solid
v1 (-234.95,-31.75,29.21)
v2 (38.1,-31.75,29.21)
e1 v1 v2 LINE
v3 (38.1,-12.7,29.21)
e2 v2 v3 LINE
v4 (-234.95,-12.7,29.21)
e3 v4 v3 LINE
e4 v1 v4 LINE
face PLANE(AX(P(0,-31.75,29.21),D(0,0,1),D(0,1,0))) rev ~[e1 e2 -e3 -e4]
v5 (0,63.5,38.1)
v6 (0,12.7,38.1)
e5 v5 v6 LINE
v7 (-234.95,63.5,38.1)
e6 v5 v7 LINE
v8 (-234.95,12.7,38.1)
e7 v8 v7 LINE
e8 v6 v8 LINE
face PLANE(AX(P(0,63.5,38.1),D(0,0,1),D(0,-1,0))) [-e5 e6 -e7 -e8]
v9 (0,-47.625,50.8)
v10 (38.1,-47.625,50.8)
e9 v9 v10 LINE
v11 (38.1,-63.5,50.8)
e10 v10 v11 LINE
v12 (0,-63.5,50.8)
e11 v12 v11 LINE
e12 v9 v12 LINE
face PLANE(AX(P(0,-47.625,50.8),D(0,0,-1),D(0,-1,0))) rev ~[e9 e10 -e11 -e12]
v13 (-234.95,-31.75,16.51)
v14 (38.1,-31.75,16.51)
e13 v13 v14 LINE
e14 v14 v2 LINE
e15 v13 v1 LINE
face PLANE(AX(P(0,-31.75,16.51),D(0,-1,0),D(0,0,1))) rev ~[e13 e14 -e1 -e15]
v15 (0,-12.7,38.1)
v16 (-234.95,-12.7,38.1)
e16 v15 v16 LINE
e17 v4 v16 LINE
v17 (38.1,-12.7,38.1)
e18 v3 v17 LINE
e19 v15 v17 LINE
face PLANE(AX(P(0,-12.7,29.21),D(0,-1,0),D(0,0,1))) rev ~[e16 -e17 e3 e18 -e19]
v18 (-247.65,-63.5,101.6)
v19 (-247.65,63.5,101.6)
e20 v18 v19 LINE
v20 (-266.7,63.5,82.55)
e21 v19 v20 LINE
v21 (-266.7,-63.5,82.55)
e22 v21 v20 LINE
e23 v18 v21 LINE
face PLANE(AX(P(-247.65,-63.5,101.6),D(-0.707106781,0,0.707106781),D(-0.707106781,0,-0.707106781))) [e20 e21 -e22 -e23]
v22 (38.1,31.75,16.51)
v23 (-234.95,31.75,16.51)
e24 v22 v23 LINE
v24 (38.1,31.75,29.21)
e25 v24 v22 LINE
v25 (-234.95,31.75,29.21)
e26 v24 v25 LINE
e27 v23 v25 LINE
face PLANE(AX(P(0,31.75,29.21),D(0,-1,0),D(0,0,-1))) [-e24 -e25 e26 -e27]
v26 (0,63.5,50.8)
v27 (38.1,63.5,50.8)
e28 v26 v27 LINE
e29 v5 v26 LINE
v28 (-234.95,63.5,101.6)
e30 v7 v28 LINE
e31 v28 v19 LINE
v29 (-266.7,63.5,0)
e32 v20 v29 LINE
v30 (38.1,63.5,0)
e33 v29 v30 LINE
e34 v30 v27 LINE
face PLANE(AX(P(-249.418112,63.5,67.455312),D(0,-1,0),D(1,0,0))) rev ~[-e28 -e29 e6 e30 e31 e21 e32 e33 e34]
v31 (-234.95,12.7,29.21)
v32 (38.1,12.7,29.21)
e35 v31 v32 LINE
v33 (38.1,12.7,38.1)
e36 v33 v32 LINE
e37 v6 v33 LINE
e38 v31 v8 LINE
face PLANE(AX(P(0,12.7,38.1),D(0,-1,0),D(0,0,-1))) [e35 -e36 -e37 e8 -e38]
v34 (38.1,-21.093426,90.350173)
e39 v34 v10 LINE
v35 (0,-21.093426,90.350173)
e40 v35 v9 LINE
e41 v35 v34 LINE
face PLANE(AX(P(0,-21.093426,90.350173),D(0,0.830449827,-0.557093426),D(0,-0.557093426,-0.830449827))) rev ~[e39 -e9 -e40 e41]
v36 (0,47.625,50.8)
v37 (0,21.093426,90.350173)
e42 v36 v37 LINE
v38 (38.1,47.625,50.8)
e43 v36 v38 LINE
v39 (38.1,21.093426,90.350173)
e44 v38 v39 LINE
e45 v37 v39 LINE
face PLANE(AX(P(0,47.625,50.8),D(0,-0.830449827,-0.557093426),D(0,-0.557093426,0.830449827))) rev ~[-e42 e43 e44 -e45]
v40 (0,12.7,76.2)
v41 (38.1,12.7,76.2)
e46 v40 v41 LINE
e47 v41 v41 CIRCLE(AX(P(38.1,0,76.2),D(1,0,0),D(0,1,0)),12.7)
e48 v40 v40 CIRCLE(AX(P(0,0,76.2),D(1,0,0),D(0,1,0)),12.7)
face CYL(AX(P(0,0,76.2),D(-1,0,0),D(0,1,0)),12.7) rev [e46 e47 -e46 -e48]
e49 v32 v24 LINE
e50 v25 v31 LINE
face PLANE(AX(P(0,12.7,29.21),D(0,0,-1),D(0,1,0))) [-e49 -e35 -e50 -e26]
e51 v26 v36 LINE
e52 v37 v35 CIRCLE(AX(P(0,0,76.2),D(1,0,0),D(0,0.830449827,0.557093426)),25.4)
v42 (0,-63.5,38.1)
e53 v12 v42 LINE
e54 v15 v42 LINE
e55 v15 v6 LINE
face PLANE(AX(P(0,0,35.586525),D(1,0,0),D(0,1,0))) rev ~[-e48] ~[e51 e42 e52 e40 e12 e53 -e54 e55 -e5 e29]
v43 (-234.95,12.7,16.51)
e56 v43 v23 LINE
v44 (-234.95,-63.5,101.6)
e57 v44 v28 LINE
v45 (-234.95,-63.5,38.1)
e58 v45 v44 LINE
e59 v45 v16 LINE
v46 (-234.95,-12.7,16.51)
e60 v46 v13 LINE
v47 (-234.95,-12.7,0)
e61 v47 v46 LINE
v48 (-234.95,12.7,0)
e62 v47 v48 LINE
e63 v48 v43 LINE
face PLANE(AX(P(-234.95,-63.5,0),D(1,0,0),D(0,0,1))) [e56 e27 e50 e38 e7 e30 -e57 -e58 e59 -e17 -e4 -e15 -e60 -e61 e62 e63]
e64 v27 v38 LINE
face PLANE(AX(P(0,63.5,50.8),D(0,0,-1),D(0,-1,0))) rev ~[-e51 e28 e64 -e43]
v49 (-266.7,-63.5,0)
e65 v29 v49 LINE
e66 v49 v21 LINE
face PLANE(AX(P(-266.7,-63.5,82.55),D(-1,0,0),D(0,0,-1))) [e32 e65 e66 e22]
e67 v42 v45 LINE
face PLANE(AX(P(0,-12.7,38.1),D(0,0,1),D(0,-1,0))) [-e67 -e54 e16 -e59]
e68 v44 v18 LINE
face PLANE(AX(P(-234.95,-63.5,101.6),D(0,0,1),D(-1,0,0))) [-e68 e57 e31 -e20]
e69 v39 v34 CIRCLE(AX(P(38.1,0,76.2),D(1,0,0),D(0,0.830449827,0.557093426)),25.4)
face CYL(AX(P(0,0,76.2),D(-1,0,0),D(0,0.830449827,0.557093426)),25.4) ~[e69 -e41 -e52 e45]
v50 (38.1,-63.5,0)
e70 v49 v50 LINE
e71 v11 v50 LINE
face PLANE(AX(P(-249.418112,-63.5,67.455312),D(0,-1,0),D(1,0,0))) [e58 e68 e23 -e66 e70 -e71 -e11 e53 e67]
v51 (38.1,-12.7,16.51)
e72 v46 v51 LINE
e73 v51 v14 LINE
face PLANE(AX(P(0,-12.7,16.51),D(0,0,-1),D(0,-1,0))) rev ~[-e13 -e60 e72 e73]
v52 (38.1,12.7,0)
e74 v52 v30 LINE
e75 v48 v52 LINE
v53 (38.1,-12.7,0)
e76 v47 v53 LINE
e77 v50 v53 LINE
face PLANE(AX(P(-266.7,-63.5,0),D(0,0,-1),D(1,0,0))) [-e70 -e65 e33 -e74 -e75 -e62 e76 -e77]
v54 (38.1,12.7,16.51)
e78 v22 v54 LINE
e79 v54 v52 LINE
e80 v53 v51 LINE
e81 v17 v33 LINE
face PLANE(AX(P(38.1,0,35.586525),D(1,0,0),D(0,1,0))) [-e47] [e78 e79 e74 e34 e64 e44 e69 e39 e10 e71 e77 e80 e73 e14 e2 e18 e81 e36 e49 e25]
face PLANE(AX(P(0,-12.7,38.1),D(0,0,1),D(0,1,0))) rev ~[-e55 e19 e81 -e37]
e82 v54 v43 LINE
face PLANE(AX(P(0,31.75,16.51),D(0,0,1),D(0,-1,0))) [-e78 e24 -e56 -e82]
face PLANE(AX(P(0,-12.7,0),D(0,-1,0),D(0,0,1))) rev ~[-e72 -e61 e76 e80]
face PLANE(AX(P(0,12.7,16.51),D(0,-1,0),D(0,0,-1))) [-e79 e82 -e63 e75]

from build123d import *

# Parameters (mm, degrees)
F0_R     = 12.7
F1_DEPTH = 38.1
F3_DEPTH = 266.7
F4_W     = 31.75
F4_H     = 38.1
F5_DEPTH = 127


with BuildPart() as f1:
    # F0 (on Right) → F1 (new body)
    with BuildSketch(Plane.YZ):
        with BuildLine():
            Line((-63.5, 0), (-12.7, 0))
            Line((-12.7, 0), (-12.7, 16.51))
            Line((-12.7, 16.51), (-31.75, 16.51))
            Line((-31.75, 16.51), (-31.75, 29.21))
            Line((-31.75, 29.21), (-12.7, 29.21))
            Line((-12.7, 29.21), (-12.7, 38.1))
            Line((-12.7, 38.1), (12.7, 38.1))
            Line((12.7, 38.1), (12.7, 29.21))
            Line((12.7, 29.21), (31.75, 29.21))
            Line((31.75, 29.21), (31.75, 16.51))
            Line((31.75, 16.51), (12.7, 16.51))
            Line((12.7, 16.51), (12.7, 0))
            Line((12.7, 0), (63.5, 0))
            Line((63.5, 0), (63.5, 50.8))
            Line((63.5, 50.8), (47.625, 50.8))
            Line((47.625, 50.8), (21.0934256055, 90.3501730104))
            ThreePointArc((21.0934256055, 90.3501730104), (0, 101.6), (-21.0934256055, 90.3501730104))
            Line((-21.0934256055, 90.3501730104), (-47.625, 50.8))
            Line((-47.625, 50.8), (-63.5, 50.8))
            Line((-63.5, 50.8), (-63.5, 0))
        make_face()
        with Locations((0, 76.2)):
            Circle(F0_R, mode=Mode.SUBTRACT)
    extrude(amount=F1_DEPTH)

    # F2 (on Right) → F3 (join)
    with BuildSketch(Plane.YZ):
        Polygon((12.7, 16.51), (12.7, 0), (63.5, 0), (63.5, 38.1), (12.7, 38.1), (12.7, 29.21), (31.75, 29.21), (31.75, 16.51), align=None)
        Polygon((-12.7, 29.21), (-12.7, 38.1), (-63.5, 38.1), (-63.5, 0), (-12.7, 0), (-12.7, 16.51), (-31.75, 16.51), (-31.75, 29.21), align=None)
    extrude(amount=-F3_DEPTH)

    # F4 (on face) → F5 (join)
    with BuildSketch(Plane.XZ.offset(63.5)):
        Polygon((-266.7, 82.55), (-266.7, 38.1), (-234.95, 38.1), (-234.95, 101.6), (-247.65, 101.6), align=None)
        with Locations((-250.825, 19.05)):
            Rectangle(F4_W, F4_H)
    extrude(amount=-F5_DEPTH)


solid = f1.part
